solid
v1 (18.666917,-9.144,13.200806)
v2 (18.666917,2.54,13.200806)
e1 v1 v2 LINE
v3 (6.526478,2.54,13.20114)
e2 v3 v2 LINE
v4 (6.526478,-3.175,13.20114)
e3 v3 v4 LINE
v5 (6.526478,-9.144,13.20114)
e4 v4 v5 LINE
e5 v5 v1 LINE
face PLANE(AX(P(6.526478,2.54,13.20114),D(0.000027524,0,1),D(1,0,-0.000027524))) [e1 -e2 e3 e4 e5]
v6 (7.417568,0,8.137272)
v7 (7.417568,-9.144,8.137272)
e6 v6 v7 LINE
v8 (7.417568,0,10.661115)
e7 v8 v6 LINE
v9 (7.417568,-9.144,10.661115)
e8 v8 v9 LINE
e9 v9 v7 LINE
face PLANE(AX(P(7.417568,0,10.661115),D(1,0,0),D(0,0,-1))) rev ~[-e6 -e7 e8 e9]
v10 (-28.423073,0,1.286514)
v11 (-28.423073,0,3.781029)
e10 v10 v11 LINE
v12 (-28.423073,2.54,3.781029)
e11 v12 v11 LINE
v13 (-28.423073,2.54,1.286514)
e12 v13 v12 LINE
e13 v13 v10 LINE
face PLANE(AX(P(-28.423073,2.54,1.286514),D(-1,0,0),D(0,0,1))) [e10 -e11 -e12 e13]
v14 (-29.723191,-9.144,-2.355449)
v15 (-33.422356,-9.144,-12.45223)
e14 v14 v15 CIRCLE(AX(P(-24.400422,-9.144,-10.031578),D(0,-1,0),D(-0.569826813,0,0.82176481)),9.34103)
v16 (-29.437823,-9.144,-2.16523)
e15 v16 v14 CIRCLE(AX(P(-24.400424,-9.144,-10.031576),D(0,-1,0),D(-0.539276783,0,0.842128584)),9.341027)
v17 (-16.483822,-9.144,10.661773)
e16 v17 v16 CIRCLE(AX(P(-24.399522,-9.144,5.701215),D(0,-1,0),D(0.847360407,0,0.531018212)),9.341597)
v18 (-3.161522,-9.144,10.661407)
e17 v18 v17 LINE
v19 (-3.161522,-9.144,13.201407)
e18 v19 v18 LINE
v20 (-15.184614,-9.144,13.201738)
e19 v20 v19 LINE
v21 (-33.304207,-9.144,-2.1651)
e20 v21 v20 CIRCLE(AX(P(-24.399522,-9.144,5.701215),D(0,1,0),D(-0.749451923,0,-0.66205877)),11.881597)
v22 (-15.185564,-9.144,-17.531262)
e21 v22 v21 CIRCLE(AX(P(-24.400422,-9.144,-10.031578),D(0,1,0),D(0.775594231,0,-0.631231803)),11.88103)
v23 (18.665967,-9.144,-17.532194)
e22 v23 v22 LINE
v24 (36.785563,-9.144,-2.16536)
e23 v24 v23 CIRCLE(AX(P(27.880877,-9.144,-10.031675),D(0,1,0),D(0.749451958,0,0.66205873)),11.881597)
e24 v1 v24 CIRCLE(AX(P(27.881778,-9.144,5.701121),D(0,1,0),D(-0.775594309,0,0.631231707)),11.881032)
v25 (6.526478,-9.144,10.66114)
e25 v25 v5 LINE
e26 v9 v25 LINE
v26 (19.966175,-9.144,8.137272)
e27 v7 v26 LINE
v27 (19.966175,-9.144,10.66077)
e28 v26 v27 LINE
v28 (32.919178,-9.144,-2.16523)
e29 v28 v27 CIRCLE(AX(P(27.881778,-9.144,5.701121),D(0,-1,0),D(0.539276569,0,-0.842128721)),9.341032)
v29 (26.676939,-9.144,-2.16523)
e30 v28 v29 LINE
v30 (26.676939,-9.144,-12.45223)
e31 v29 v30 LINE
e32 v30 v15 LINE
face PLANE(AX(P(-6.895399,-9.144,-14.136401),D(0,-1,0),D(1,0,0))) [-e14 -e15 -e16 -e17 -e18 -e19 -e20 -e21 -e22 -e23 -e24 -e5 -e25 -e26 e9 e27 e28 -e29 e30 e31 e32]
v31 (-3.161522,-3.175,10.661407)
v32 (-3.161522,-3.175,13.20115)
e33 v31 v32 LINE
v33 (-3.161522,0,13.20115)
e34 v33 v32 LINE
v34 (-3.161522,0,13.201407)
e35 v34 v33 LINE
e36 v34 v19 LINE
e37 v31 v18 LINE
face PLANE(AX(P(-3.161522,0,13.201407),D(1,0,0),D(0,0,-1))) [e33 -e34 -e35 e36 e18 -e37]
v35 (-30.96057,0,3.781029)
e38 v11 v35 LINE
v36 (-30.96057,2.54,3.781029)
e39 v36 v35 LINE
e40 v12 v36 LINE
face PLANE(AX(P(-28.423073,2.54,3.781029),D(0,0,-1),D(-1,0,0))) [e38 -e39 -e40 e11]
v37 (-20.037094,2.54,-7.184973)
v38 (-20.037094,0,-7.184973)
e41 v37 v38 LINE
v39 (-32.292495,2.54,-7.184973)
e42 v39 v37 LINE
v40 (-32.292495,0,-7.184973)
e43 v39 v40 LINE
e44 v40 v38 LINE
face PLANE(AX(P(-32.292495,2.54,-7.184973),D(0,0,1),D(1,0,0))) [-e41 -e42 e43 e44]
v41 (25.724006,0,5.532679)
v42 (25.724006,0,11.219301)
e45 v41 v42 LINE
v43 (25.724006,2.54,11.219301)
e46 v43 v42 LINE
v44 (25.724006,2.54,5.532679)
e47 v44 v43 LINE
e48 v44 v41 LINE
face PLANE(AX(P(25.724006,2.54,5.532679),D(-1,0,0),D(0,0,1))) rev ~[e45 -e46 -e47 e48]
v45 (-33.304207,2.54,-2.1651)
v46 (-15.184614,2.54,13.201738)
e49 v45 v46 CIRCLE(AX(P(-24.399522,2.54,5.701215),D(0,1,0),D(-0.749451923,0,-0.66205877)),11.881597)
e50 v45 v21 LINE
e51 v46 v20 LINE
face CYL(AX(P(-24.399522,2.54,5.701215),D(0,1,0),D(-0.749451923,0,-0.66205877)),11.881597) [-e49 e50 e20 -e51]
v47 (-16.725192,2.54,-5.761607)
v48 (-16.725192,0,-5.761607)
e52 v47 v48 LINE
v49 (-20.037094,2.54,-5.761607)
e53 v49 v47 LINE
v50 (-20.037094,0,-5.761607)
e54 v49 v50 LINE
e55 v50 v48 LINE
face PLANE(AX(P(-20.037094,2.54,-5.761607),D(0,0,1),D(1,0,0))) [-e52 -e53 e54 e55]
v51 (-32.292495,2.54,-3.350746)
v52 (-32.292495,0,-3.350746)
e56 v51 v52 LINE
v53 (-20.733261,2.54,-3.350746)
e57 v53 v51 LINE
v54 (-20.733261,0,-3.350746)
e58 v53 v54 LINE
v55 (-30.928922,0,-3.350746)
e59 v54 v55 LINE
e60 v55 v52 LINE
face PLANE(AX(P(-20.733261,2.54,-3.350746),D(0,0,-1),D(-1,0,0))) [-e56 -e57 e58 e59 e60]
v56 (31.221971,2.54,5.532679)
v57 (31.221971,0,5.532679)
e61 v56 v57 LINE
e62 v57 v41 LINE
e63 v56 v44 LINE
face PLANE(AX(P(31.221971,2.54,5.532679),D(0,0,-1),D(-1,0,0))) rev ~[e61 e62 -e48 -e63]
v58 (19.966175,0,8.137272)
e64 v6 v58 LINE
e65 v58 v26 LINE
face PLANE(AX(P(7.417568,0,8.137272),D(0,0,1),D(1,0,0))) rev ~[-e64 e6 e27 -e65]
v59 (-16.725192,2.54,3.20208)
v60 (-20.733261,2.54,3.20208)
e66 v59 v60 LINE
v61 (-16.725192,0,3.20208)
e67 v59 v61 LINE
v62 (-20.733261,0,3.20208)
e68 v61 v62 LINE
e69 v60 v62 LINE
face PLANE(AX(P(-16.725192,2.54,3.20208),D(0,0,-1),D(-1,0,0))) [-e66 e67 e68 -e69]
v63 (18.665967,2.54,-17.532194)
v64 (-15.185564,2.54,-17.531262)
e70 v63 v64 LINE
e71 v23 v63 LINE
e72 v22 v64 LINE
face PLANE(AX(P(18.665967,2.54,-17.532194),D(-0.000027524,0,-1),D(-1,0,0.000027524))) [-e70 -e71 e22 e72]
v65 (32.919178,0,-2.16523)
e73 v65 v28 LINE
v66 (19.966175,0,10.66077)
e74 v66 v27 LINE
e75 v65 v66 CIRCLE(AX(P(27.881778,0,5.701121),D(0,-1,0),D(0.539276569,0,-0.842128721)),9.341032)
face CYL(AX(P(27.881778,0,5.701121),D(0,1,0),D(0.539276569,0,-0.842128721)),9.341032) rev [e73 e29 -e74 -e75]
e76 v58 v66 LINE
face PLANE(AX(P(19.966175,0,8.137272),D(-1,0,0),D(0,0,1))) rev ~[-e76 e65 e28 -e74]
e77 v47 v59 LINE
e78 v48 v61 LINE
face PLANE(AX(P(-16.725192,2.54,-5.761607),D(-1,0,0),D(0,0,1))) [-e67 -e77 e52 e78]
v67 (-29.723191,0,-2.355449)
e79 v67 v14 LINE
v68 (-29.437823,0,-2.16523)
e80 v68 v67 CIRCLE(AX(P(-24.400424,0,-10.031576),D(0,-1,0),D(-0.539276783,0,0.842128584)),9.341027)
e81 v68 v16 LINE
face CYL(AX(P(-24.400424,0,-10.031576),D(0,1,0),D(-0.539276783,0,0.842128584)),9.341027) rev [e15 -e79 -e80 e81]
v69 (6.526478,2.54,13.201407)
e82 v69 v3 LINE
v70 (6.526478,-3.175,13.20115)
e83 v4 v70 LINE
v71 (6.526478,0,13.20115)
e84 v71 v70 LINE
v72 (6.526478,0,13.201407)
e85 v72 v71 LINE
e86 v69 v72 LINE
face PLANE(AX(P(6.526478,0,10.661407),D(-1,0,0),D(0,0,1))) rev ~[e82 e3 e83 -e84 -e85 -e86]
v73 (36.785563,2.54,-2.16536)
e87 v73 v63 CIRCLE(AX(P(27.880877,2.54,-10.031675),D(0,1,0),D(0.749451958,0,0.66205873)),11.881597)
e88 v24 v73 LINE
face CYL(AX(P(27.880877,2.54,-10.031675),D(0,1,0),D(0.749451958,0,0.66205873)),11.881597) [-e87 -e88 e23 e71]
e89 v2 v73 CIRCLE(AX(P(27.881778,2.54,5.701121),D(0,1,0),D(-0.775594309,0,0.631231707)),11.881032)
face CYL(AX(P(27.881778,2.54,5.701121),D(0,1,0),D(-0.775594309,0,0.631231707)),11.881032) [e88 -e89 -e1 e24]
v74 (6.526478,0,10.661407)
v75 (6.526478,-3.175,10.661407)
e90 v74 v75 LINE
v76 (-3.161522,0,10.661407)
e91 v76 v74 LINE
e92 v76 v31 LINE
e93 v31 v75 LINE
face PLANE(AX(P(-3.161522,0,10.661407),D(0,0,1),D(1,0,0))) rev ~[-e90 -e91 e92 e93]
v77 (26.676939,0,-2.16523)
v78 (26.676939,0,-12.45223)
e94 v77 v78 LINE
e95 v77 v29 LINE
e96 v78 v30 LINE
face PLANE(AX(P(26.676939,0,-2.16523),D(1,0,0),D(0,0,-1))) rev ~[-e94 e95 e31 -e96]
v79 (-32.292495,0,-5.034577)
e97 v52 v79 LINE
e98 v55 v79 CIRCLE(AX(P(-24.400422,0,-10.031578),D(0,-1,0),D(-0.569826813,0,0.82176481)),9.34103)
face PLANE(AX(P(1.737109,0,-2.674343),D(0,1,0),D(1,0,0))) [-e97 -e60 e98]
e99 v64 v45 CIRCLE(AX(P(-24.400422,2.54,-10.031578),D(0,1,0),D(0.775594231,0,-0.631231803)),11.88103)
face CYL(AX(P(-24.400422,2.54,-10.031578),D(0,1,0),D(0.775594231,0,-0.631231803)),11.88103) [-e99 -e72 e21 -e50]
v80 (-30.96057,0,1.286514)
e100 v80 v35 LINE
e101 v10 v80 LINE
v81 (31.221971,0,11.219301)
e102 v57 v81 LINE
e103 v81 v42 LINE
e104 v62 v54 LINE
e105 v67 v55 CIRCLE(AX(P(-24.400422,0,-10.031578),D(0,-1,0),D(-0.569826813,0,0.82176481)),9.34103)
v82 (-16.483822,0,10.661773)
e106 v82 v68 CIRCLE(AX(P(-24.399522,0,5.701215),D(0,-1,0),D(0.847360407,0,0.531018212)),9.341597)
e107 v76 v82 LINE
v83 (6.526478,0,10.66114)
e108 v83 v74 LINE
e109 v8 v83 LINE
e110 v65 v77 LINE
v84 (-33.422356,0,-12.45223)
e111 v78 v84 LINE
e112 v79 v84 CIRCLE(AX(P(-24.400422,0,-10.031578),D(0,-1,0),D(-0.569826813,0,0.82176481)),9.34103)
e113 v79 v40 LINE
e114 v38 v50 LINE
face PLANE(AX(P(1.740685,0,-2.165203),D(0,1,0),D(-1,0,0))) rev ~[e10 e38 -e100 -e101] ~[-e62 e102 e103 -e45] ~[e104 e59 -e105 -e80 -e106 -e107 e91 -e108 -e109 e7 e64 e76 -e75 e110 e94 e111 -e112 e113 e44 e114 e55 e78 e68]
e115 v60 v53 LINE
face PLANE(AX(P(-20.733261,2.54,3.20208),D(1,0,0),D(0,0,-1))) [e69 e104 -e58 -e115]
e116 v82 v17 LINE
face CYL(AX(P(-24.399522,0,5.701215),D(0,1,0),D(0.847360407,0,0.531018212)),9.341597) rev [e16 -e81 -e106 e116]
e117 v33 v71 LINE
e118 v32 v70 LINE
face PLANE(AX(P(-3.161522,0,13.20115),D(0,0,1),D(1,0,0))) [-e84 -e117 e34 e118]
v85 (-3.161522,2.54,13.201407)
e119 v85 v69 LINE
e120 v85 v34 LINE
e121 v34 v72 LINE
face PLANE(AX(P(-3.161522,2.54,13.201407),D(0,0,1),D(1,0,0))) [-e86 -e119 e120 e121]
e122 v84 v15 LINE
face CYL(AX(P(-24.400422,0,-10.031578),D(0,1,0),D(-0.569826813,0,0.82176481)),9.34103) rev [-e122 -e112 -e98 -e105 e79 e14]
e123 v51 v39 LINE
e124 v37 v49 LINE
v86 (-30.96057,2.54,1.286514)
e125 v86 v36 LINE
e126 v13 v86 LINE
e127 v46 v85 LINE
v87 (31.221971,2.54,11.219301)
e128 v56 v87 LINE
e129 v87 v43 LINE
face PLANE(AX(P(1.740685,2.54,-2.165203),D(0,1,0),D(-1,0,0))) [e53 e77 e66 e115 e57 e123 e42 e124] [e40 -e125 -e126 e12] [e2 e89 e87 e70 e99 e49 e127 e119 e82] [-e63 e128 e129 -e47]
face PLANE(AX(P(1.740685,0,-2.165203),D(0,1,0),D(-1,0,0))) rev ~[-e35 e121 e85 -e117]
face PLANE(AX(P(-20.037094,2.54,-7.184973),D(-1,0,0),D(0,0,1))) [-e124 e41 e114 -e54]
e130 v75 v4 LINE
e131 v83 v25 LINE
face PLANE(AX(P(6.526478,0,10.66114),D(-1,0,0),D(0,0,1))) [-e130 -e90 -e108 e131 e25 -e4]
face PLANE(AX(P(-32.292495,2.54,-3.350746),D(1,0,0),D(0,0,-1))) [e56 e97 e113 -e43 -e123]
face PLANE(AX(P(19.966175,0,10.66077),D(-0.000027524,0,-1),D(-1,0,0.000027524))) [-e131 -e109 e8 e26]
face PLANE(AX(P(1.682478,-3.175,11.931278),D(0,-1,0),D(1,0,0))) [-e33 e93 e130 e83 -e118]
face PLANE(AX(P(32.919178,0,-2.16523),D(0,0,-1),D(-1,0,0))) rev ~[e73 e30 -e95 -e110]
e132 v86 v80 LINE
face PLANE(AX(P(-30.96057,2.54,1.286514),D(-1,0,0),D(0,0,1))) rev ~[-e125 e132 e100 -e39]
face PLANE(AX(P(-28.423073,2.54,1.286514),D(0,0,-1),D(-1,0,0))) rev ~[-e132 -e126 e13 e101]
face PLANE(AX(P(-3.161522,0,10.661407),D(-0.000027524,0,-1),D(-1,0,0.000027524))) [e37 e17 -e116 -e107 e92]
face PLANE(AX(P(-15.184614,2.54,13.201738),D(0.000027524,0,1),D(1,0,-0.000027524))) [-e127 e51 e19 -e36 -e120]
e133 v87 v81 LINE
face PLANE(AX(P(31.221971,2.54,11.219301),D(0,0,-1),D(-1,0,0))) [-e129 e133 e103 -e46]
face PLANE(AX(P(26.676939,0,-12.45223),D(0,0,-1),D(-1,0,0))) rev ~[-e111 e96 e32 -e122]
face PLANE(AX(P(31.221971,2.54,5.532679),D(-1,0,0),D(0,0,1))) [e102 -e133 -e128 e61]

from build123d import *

# Parameters (mm, degrees)
BOSS_EXTRUDE1_DEPTH = 9.144
BOSS_EXTRUDE7_START = 2.54
SKETCH3_W           = 5.497965662
SKETCH3_H           = 5.686621346
SKETCH3_W_2         = 2.537497481
SKETCH3_H_2         = 2.494515015
BOSS_EXTRUDE7_DEPTH = 2.54
BOSS_EXTRUDE8_DEPTH = 9.144
SKETCH9_W           = 9.68799942
SKETCH9_H           = 2.539743385
BOSS_EXTRUDE9_DEPTH = 3.175


with BuildPart() as part:
    # Sketch2 → Boss-Extrude1 (new body)
    with BuildSketch(Plane(origin=(0, 0, 0), x_dir=(1, 0, 0), z_dir=(0, 1, 0))):
        with BuildLine():
            Line((-16.484821535, 14.991226562), (19.965175413, 14.992229827))
            ThreePointArc((19.965175413, 14.992229827), (34.453763808, 16.669641544), (32.919177794, 2.165230163))
            ThreePointArc((32.919177794, 2.165230163), (34.454264788, -12.338688941), (19.966174864, -10.660770051))
            Line((19.966174864, -10.660770051), (6.526477702, -10.661139971))
            Line((6.526477702, -10.661139971), (6.526477702, -13.201139972))
            Line((6.526477702, -13.201139972), (18.666916826, -13.200805813))
            ThreePointArc((18.666916826, -13.200805813), (35.566435216, -14.762300874), (36.785563248, 2.165360379))
            ThreePointArc((36.785563248, 2.165360379), (35.565859505, 19.093319416), (18.665967138, 17.532194068))
            Line((18.665967138, 17.532194068), (-15.185563688, 17.531262324))
            ThreePointArc((-15.185563688, 17.531262324), (-32.085077033, 19.092756448), (-33.30420747, 2.165100491))
            ThreePointArc((-33.30420747, 2.165100491), (-32.08450617, -14.762857534), (-15.184614497, -13.201737557))
            Line((-15.184614497, -13.201737557), (-3.161521718, -13.201406628))
            Line((-3.161521718, -13.201406628), (-3.161521718, -10.661406627))
            Line((-3.161521718, -10.661406627), (-16.483822084, -10.661773316))
            ThreePointArc((-16.483822084, -10.661773316), (-30.972409917, -12.339179924), (-29.437822557, 2.165230163))
            ThreePointArc((-29.437822557, 2.165230163), (-29.581379954, 2.259029678), (-29.723191237, 2.355448738))
            ThreePointArc((-29.723191237, 2.355448738), (-30.849950106, 16.788680298), (-16.484821535, 14.991226562))
        make_face()
    extrude(amount=-BOSS_EXTRUDE1_DEPTH)

    # Sketch3 → Boss-Extrude7 (add)
    with BuildSketch(Plane(origin=(0, 0, 0), x_dir=(-1, 0, 0), z_dir=(0, 1, 0)).offset(BOSS_EXTRUDE7_START)):
        with BuildLine():
            Line((-6.526477702, 13.201139972), (-18.666916826, 13.200805813))
            ThreePointArc((-18.666916826, 13.200805813), (-35.566435216, 14.762300874), (-36.785563248, -2.165360379))
            ThreePointArc((-36.785563248, -2.165360379), (-35.565859505, -19.093319416), (-18.665967138, -17.532194068))
            Line((-18.665967138, -17.532194068), (15.185563688, -17.531262324))
            ThreePointArc((15.185563688, -17.531262324), (32.085077033, -19.092756448), (33.30420747, -2.165100491))
            ThreePointArc((33.30420747, -2.165100491), (32.08450617, 14.762857534), (15.184614497, 13.201737557))
            Line((15.184614497, 13.201737557), (3.161521718, 13.201406628))
            Line((3.161521718, 13.201406628), (-6.526477702, 13.201406628))
            Line((-6.526477702, 13.201406628), (-6.526477702, 13.201139972))
        make_face()
        Polygon((16.725192045, 3.202079604), (20.733260983, 3.202079604), (20.733260983, -3.35074569), (32.292495251, -3.35074569), (32.292495251, -7.184972831), (20.037093812, -7.184972831), (20.037093812, -5.761606936), (16.725192045, -5.761606936), align=None, mode=Mode.SUBTRACT)
        with Locations((-28.472988633, 8.375990138)):
            Rectangle(SKETCH3_W, SKETCH3_H, mode=Mode.SUBTRACT)
        with Locations((29.691821719, 2.533771638)):
            Rectangle(SKETCH3_W_2, SKETCH3_H_2, mode=Mode.SUBTRACT)
    extrude(amount=-BOSS_EXTRUDE7_DEPTH)

    # Sketch8 → Boss-Extrude8 (add)
    with BuildSketch(Plane.XZ):
        with BuildLine():
            Line((-16.484821535, -14.991226562), (19.965175413, -14.992229827))
            Line((19.965175413, -14.992229827), (19.965175413, -12.452229827))
            Line((19.965175413, -12.452229827), (-33.422355561, -12.452229827))
            ThreePointArc((-33.422355561, -12.452229827), (-25.785203294, -19.26939309), (-16.484821535, -14.991226562))
        make_face()
        with BuildLine():
            Line((19.965175413, -12.452229827), (19.965175413, -14.992229827))
            ThreePointArc((19.965175413, -14.992229827), (29.266220586, -19.269979209), (36.903423899, -12.452229827))
            Line((36.903423899, -12.452229827), (26.676938614, -12.452229827))
            Line((26.676938614, -12.452229827), (19.965175413, -12.452229827))
        make_face()
        with BuildLine():
            Line((26.676938614, -12.452229827), (36.903423899, -12.452229827))
            ThreePointArc((36.903423899, -12.452229827), (36.591930347, -6.6578073), (32.919177794, -2.165230163))
            Line((32.919177794, -2.165230163), (26.676938614, -2.165230163))
            Line((26.676938614, -2.165230163), (26.676938614, -12.452229827))
        make_face()
        Polygon((19.966174864, 8.137271719), (19.966174864, 10.660770051), (7.41756795, 10.661115444), (7.41756795, 8.137271719), align=None)
    extrude(amount=BOSS_EXTRUDE8_DEPTH)

    # Sketch9 → Boss-Extrude9 (add)
    with BuildSketch(Plane.XZ):
        with Locations((1.682477992, 11.93127832)):
            Rectangle(SKETCH9_W, SKETCH9_H)
    extrude(amount=BOSS_EXTRUDE9_DEPTH)


solid = part.part
